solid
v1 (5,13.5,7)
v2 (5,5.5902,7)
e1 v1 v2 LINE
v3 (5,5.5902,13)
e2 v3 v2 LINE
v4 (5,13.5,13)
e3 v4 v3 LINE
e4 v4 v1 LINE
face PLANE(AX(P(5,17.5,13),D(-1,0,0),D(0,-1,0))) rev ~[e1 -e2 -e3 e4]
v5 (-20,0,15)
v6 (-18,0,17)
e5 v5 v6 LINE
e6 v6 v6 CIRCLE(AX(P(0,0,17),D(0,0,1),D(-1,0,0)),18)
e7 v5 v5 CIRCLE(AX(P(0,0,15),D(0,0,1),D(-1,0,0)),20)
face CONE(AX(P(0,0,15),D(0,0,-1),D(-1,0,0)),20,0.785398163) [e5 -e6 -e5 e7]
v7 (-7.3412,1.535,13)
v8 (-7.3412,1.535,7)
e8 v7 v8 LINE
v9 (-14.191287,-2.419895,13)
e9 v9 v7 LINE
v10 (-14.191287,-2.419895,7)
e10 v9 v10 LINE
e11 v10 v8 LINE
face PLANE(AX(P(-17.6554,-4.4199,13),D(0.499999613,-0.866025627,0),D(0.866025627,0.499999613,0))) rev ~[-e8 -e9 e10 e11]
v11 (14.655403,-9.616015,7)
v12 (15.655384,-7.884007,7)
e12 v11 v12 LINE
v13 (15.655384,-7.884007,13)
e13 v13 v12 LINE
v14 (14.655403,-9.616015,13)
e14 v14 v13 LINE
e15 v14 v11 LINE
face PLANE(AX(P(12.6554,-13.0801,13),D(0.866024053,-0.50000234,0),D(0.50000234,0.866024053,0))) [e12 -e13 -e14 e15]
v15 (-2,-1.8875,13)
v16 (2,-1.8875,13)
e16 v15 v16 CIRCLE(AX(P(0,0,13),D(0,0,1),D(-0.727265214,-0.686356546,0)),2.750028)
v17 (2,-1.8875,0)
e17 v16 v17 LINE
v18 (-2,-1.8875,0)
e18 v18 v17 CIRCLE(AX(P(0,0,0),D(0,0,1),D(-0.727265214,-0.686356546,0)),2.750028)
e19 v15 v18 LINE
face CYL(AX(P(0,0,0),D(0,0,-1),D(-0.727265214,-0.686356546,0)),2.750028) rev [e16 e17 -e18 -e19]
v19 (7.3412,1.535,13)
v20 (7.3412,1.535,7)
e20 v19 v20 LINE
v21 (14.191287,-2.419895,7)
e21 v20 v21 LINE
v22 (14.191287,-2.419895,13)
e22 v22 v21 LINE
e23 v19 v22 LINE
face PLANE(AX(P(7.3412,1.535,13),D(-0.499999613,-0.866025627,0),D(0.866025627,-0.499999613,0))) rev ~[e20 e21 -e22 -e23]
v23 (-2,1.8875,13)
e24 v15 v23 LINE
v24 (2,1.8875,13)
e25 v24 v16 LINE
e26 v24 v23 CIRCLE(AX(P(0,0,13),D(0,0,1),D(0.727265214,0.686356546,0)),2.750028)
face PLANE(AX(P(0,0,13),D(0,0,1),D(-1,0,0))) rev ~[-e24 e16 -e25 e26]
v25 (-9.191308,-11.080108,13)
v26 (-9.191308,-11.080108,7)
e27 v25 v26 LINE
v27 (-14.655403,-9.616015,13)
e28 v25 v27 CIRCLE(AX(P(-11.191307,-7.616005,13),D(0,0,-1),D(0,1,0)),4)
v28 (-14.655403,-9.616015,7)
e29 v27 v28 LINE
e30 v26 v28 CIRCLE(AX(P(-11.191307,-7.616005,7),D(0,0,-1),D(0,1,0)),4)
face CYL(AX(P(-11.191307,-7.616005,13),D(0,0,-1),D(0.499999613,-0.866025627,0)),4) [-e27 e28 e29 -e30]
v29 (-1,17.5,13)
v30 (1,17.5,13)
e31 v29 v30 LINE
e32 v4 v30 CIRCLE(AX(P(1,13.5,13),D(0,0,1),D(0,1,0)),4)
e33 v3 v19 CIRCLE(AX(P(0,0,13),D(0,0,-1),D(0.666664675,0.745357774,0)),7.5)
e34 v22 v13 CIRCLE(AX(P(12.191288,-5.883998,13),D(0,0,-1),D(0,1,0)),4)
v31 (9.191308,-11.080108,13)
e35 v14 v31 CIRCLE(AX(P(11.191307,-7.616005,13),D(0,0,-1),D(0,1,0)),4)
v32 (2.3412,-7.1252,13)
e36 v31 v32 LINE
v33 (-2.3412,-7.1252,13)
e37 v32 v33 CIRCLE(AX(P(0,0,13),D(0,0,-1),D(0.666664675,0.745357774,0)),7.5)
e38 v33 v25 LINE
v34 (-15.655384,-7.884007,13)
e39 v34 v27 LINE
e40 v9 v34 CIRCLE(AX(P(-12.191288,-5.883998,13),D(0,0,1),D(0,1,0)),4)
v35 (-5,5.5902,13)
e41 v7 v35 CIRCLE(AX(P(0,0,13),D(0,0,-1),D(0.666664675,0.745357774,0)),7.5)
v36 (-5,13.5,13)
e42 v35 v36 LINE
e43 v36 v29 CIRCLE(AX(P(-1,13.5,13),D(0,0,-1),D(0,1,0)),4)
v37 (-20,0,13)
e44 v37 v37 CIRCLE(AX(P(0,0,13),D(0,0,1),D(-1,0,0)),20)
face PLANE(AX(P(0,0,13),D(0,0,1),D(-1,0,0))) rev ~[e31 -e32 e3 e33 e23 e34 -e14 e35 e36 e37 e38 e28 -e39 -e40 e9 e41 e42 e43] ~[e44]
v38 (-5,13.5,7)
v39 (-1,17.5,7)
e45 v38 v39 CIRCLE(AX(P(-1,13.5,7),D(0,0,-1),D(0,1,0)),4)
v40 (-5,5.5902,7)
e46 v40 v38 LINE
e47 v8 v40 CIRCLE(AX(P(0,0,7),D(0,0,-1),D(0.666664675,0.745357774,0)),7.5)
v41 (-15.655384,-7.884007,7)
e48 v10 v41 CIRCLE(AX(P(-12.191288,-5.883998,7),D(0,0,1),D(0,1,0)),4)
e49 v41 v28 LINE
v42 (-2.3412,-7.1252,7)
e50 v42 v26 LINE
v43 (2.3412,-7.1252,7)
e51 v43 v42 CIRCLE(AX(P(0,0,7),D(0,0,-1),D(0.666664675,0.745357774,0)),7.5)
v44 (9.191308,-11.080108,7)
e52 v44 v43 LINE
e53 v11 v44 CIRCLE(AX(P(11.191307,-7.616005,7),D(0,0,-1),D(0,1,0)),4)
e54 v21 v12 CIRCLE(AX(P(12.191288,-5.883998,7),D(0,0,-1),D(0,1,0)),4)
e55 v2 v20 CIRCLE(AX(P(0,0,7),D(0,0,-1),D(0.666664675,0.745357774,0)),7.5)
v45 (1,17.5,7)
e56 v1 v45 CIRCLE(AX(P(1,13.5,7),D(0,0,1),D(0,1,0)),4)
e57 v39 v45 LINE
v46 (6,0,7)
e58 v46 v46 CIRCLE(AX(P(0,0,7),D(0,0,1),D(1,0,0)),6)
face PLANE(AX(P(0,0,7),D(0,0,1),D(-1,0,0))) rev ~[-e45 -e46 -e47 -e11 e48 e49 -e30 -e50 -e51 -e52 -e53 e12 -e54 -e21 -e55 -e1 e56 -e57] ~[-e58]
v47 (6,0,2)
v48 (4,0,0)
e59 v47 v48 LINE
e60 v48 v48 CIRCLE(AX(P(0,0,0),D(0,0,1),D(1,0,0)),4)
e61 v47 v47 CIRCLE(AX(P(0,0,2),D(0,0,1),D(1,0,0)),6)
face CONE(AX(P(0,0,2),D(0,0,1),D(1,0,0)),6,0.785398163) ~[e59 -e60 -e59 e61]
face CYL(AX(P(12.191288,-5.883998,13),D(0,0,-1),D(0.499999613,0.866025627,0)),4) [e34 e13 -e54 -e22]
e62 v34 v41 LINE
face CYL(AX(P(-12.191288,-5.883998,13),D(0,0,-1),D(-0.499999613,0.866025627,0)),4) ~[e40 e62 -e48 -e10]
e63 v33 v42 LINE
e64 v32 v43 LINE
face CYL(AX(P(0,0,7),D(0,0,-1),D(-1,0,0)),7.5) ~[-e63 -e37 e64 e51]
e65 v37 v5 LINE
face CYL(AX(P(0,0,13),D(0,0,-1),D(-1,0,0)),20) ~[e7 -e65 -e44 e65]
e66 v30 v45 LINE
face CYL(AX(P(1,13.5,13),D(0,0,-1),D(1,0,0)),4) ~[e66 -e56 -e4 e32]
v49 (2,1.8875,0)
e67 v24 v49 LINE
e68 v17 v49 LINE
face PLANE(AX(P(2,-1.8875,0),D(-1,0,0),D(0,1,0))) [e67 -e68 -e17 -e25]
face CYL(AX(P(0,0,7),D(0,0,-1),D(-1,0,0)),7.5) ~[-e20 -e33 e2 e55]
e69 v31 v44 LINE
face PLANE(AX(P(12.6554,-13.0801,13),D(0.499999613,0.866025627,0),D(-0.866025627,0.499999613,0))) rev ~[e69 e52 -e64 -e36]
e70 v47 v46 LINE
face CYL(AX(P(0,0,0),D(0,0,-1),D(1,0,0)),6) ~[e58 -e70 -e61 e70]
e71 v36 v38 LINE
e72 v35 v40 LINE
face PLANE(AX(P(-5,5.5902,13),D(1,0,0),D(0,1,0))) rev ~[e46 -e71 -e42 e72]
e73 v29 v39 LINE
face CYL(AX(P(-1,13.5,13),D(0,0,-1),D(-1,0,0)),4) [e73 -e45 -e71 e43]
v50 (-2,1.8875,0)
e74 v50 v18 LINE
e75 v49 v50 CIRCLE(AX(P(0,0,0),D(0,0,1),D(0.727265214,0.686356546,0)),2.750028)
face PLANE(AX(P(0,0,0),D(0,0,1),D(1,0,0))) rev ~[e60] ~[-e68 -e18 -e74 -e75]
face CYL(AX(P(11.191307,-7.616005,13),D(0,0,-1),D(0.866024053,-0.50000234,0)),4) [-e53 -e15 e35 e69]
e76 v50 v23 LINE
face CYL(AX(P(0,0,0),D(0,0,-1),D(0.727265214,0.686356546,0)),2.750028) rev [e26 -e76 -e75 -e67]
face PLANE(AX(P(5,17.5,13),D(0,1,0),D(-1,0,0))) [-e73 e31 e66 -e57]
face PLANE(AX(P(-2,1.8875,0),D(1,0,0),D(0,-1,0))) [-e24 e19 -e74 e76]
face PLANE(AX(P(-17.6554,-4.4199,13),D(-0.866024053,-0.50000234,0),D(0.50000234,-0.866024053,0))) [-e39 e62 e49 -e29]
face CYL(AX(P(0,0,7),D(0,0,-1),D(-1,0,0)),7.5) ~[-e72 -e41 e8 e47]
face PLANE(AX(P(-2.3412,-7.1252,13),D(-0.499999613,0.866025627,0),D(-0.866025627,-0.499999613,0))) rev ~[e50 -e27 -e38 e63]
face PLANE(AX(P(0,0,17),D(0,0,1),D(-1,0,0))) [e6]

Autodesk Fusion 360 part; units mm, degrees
sketch "Sketch1" plane through (0, 0, 0) normal (0, 0, 1) x (1, 0, 0)
  line L0 (-2, 1.8875) -> (-2, -1.8875)
  line L1 (2, -1.8875) -> (2, 1.8875)
  line L2 (1.0213, 2.5533) -> (-1.0213, -2.5533) construction
  line L3 (-1.0213, 2.5533) -> (1.0213, -2.5533) construction
  arc A0 (2, 1.8875) -> (-2, 1.8875) centre (0, 0) ccw
  arc A1 (-2, -1.8875) -> (2, -1.8875) centre (0, 0) ccw
  circle A2 centre (0, 0) radius 6
  dimension "d1" = 5.5
  dimension "d4" = 12
extrude "Extrude1" add sketch "Sketch1" along normal blind 7
chamfer "Chamfer1" distance 2 angle 45 1 edges at (-5.594, -2.1697, 0)
sketch "Sketch2" plane through (0, 0, 7) normal (0, 0, 1) x (-1, 0, 0)
  arc A0 (2, 1.8875) -> (-2, 1.8875) centre (0, 0) ccw
  line L0 (2, 1.8875) -> (2, -1.8875)
  arc A1 (-2, -1.8875) -> (2, -1.8875) centre (0, 0) ccw
  line L1 (-2, -1.8875) -> (-2, 1.8875)
  circle A2 centre (0, 0) radius 6
  circle A3 centre (0, 0) radius 7.5
  dimension "d8" = 15
extrude "Extrude2" add sketch "Sketch2" along normal blind 6 contours A2 | A3
sketch "Sketch3" plane through (0, 0, 13) normal (0, 0, 1) x (-1, 0, 0)
  arc A0 (2, 1.8875) -> (-2, 1.8875) centre (0, 0) ccw
  line L0 (2, 1.8875) -> (2, -1.8875)
  arc A1 (-2, -1.8875) -> (2, -1.8875) centre (0, 0) ccw
  line L1 (-2, -1.8875) -> (-2, 1.8875)
  circle A2 centre (0, 0) radius 7.5
  line L2 (0, -7.5) -> (0, -17.5) construction
  line L3 (0, -17.5) -> (5, -17.5) construction
  line L4 (5, -17.5) -> (-5, -17.5) construction
  line L5 (-5, -17.5) -> (-5, -5.5902) construction
  line L6 (5, -17.5) -> (5, -5.5902) construction
  line L7 (5, -5.5902) -> (5, -17.5)
  line L8 (-5, -17.5) -> (-5, -5.5902)
  line L9 (-5, -17.5) -> (5, -17.5)
  line L10 (17.6554, 4.4199) -> (7.3412, -1.535)
  line L11 (17.6554, 4.4199) -> (12.6554, 13.0801)
  line L12 (12.6554, 13.0801) -> (2.3412, 7.1252) construction
  line L13 (-12.6554, 13.0801) -> (-2.3412, 7.1252)
  line L14 (-12.6554, 13.0801) -> (-17.6554, 4.4199)
  line L15 (-17.6554, 4.4199) -> (-7.3412, -1.535) construction
  line L16 (-7.3412, -1.535) -> (-17.6554, 4.4199)
  line L17 (2.3412, 7.1252) -> (12.6554, 13.0801)
  dimension "d11" = 10
  dimension "d12" = 5
  dimension "d18" = 360
extrude "Extrude3" add sketch "Sketch3" against normal blind 6 contours A2 L7 L8 L9
fillet "Fillet1" radius 5 2 edges at (5, 17.5, 10) (-5, 17.5, 10)
extrude "Extrude4" add sketch "Sketch3" against normal blind 6 contours A2 L10 L11 L17 | A2 L13 L14 L16 | A2 L7 L8 L9
fillet "Fillet2" radius 4 6 edges at (-5, 17.5, 10) (5, 17.5, 10) (17.6554, -4.4199, 10) (12.6554, -13.0801, 10) (-12.6554, -13.0801, 10) (-17.6554, -4.4199, 10)
sketch "Sketch4" plane through (0, 0, 13) normal (0, 0, 1) x (-1, 0, 0)
  arc A0 (14.1913, 2.4199) -> (15.6554, 7.884) centre (12.1913, 5.884) ccw
  line L0 (15.6554, 7.884) -> (14.6554, 9.616)
  arc A1 (14.6554, 9.616) -> (9.1913, 11.0801) centre (11.1913, 7.616) ccw
  line L1 (9.1913, 11.0801) -> (2.3412, 7.1252)
  arc A2 (2.3412, 7.1252) -> (-2.3412, 7.1252) centre (0, 0) ccw
  line L2 (-2.3412, 7.1252) -> (-9.1913, 11.0801)
  arc A3 (-9.1913, 11.0801) -> (-14.6554, 9.616) centre (-11.1913, 7.616) ccw
  line L3 (-14.6554, 9.616) -> (-15.6554, 7.884)
  arc A4 (-15.6554, 7.884) -> (-14.1913, 2.4199) centre (-12.1913, 5.884) ccw
  line L4 (-14.1913, 2.4199) -> (-7.3412, -1.535)
  arc A5 (-7.3412, -1.535) -> (-5, -5.5902) centre (0, 0) ccw
  line L5 (-5, -5.5902) -> (-5, -13.5)
  arc A6 (-5, -13.5) -> (-1, -17.5) centre (-1, -13.5) ccw
  line L6 (-1, -17.5) -> (1, -17.5)
  arc A7 (1, -17.5) -> (5, -13.5) centre (1, -13.5) ccw
  line L7 (5, -13.5) -> (5, -5.5902)
  arc A8 (5, -5.5902) -> (7.3412, -1.535) centre (0, 0) ccw
  line L8 (7.3412, -1.535) -> (14.1913, 2.4199)
  arc A9 (2, 1.8875) -> (-2, 1.8875) centre (0, 0) ccw
  line L9 (2, 1.8875) -> (2, -1.8875)
  arc A10 (-2, -1.8875) -> (2, -1.8875) centre (0, 0) ccw
  line L10 (-2, -1.8875) -> (-2, 1.8875)
  circle A11 centre (0, 0) radius 20
  dimension "d23" = 40
extrude "Extrude5" add sketch "Sketch4" along normal blind 4 contours A0 L0 A1 L1 A2 L2 A3 L3 A4 L4 A5 L5 A6 L6 A7 L7 A8 L8 | A9 L9 A10 L10 | A11
chamfer "Chamfer2" distance 2 angle 45 1 edges at (18.6465, 7.2323, 17)
sketch "Sketch5" plane through (0, 0, 7) normal (0, 0, -1) x (1, 0, 0)
  arc A0 (-15.6554, 7.884) -> (-14.1913, 2.4199) centre (-12.1913, 5.884) ccw
  line L0 (-14.1913, 2.4199) -> (-7.3412, -1.535)
  arc A1 (-7.3412, -1.535) -> (-5, -5.5902) centre (0, 0) ccw
  line L1 (-5, -5.5902) -> (-5, -13.5)
  arc A2 (-5, -13.5) -> (-1, -17.5) centre (-1, -13.5) ccw
  line L2 (-1, -17.5) -> (1, -17.5)
  arc A3 (1, -17.5) -> (5, -13.5) centre (1, -13.5) ccw
  line L3 (5, -13.5) -> (5, -5.5902)
  arc A4 (5, -5.5902) -> (7.3412, -1.535) centre (0, 0) ccw
  line L4 (7.3412, -1.535) -> (14.1913, 2.4199)
  arc A5 (14.1913, 2.4199) -> (15.6554, 7.884) centre (12.1913, 5.884) ccw
  line L5 (15.6554, 7.884) -> (14.6554, 9.616)
  arc A6 (14.6554, 9.616) -> (9.1913, 11.0801) centre (11.1913, 7.616) ccw
  line L6 (9.1913, 11.0801) -> (2.3412, 7.1252)
  arc A7 (2.3412, 7.1252) -> (-2.3412, 7.1252) centre (0, 0) ccw
  line L7 (-2.3412, 7.1252) -> (-9.1913, 11.0801)
  arc A8 (-9.1913, 11.0801) -> (-14.6554, 9.616) centre (-11.1913, 7.616) ccw
  line L8 (-14.6554, 9.616) -> (-15.6554, 7.884)
  circle A9 centre (0, 0) radius 6
